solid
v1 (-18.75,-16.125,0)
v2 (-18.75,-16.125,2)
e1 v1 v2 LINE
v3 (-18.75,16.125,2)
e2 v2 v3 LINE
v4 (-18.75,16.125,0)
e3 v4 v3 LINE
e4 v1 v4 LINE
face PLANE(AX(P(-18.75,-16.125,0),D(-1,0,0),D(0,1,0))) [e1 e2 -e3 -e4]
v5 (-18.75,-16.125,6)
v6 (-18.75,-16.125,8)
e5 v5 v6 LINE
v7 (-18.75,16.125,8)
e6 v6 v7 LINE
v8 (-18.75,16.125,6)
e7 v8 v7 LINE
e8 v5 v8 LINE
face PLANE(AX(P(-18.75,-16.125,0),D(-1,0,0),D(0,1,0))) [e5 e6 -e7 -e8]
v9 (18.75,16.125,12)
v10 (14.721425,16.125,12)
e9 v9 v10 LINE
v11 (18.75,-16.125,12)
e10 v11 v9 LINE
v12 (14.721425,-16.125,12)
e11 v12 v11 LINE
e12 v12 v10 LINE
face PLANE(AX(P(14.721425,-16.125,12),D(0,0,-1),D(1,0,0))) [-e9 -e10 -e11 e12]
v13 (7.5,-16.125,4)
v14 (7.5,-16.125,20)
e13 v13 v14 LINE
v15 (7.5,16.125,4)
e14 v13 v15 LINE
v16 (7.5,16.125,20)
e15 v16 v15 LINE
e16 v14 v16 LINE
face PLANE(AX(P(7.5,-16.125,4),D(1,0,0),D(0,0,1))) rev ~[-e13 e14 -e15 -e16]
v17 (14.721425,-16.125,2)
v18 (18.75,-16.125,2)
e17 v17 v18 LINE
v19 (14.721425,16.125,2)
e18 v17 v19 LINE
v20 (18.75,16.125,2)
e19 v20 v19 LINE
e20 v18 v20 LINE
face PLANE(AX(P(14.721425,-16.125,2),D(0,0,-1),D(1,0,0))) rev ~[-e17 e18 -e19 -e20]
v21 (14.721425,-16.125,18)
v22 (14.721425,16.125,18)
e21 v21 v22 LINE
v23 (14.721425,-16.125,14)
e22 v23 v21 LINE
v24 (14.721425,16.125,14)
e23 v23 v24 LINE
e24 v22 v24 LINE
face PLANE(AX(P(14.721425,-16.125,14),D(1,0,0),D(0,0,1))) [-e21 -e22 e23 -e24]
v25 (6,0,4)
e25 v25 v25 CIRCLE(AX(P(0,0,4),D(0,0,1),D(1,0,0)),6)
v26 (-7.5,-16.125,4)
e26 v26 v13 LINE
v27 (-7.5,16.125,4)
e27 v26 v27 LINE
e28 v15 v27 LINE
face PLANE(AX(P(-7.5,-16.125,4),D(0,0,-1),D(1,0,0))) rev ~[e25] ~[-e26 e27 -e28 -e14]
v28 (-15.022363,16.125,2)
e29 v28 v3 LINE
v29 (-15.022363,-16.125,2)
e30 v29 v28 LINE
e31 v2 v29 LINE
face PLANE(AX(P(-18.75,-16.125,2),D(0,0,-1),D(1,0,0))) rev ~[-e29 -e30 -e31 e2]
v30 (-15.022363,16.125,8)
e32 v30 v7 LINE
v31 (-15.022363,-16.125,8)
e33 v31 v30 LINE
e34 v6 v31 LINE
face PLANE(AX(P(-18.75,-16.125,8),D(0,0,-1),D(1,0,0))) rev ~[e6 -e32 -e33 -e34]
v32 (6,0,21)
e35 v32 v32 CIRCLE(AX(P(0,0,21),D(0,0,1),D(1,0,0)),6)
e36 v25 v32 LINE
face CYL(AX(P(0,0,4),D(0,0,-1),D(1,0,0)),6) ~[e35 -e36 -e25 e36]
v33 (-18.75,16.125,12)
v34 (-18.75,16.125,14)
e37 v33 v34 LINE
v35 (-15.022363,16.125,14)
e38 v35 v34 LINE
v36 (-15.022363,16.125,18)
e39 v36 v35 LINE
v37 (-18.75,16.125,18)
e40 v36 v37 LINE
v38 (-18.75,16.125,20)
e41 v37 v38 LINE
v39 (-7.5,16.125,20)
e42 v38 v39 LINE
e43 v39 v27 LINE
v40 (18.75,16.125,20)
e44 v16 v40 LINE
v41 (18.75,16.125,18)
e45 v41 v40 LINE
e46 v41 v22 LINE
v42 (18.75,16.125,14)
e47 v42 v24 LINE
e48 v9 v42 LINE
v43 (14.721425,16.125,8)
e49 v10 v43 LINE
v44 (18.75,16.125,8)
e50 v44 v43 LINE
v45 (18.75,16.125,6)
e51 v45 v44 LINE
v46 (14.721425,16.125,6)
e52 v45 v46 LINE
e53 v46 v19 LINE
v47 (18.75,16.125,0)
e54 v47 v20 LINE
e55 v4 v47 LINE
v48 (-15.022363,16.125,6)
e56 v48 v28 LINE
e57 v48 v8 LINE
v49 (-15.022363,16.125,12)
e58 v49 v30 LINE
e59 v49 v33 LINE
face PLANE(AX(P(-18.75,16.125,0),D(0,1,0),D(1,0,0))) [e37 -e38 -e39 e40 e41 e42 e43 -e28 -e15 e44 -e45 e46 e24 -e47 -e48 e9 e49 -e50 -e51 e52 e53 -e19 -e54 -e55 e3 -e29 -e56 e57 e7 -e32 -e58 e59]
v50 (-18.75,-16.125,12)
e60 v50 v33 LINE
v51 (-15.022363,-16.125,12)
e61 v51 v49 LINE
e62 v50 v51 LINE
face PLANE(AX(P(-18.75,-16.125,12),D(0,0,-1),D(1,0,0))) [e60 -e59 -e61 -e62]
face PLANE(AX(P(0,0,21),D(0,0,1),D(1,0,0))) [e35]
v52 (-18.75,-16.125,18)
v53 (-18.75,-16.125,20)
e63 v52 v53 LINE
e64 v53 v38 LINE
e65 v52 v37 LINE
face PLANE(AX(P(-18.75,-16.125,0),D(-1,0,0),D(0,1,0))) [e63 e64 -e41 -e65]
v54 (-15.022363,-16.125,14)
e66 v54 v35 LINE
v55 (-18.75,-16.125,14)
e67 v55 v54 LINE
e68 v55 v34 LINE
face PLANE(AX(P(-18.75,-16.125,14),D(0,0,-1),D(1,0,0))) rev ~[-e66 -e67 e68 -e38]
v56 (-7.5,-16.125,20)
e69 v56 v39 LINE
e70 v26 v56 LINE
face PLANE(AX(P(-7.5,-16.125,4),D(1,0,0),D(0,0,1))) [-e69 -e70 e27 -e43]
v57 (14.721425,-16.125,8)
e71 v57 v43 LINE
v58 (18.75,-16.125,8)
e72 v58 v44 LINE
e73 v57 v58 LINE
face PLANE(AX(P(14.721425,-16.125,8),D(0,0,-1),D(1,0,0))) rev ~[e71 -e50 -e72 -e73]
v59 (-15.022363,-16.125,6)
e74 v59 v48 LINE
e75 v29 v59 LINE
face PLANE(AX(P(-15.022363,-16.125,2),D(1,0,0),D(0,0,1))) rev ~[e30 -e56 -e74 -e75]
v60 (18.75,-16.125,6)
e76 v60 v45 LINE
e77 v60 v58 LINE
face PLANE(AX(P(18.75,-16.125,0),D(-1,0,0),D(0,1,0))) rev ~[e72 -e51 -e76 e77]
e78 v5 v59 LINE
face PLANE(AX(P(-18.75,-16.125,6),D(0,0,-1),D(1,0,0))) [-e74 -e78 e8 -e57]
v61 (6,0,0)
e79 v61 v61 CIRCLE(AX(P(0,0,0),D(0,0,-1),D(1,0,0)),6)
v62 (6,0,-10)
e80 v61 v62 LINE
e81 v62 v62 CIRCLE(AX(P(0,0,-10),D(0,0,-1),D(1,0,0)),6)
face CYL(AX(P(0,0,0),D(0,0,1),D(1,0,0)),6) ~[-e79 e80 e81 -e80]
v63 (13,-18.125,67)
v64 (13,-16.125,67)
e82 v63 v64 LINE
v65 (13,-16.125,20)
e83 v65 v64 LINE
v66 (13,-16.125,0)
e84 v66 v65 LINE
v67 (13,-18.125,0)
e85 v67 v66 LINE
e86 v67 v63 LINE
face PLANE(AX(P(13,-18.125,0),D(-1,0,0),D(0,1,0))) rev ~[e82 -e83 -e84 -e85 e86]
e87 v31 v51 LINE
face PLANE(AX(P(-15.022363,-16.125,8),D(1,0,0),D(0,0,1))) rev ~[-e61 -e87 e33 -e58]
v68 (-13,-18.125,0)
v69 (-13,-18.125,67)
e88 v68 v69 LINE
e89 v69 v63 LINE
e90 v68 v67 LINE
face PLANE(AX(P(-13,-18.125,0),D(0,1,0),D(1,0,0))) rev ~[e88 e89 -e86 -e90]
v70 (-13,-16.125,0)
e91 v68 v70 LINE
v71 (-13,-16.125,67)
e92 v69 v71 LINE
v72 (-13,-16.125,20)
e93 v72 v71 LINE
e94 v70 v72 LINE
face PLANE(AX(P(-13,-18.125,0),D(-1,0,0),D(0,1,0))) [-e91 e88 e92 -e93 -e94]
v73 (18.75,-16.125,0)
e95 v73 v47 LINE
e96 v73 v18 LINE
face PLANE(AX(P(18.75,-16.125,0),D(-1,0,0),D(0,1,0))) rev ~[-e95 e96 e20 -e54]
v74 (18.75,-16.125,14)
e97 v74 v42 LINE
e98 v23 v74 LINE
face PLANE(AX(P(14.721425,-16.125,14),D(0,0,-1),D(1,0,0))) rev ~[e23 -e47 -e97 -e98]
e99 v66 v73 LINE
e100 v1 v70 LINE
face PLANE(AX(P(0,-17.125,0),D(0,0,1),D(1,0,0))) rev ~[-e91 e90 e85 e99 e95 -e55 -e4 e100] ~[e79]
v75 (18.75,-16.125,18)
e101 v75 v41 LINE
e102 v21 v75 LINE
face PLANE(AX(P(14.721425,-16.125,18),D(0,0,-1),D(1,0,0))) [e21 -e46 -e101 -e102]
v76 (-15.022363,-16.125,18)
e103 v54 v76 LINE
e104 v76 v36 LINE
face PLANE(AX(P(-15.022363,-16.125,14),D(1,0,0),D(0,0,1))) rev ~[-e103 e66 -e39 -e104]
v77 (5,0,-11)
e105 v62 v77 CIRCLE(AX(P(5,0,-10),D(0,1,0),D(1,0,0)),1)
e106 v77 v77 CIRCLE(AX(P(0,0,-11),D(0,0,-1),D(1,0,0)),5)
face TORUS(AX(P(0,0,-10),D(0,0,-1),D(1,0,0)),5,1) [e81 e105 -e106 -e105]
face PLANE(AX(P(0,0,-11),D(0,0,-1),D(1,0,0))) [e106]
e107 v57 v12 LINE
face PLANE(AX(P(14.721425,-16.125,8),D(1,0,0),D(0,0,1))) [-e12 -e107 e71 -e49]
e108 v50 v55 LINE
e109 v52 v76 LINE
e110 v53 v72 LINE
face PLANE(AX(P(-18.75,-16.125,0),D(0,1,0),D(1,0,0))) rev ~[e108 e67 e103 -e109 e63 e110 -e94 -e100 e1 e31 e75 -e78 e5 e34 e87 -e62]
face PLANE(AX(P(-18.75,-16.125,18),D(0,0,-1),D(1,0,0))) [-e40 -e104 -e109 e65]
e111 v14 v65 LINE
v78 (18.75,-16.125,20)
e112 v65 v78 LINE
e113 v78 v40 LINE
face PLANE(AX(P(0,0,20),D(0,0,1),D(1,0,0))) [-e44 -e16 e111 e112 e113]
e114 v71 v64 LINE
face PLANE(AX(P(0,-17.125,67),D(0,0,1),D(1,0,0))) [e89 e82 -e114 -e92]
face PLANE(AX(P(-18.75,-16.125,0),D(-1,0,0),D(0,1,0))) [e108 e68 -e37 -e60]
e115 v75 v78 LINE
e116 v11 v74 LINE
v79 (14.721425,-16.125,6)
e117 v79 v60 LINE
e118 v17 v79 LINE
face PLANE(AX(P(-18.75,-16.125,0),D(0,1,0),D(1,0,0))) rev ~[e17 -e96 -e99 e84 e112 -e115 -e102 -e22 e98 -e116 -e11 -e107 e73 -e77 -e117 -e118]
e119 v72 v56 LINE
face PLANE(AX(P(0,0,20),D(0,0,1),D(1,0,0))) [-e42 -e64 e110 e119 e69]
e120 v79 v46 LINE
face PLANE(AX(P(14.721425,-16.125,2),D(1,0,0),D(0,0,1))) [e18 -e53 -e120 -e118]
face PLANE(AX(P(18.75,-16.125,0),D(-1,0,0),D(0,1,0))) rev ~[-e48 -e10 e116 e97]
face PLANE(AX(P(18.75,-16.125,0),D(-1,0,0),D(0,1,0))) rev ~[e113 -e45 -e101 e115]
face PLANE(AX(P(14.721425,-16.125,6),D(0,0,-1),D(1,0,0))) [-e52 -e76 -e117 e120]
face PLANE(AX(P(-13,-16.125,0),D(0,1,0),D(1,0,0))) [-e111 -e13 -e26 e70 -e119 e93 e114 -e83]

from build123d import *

# Parameters (mm, degrees)
F0_W      = 37.5
F0_H      = 32.25
F1_DEPTH  = 20
F2_R      = 6
F3_DEPTH  = 11
F4_W      = 15
F4_H      = 16
F4_W_2    = 3.7276374176
F4_H_2    = 4
F4_W_3    = 4.0285747498
F5_DEPTH  = 32.251
F6_R      = 1
F7_R      = 6
F8_DEPTH  = 17
F9_W      = 26
F9_H      = 2
F10_DEPTH = 67


with BuildPart() as f1:
    # F0 (on Top) → F1 (new body)
    with BuildSketch(Plane.XY):
        Rectangle(F0_W, F0_H)
    extrude(amount=F1_DEPTH)

    # F2 (on face) → F3 (join)
    with BuildSketch(Plane(origin=(0, 0, 0), x_dir=(1, 0, 0), z_dir=(0, 0, -1))):
        Circle(F2_R)
    extrude(amount=F3_DEPTH)

    # F4 (on face) → F5 (cut, through all)
    with BuildSketch(Plane.XZ.offset(16.125)):
        with Locations((0, 12)):
            Rectangle(F4_W, F4_H)
        with Locations((-16.8861812912, 16)):
            Rectangle(F4_W_2, F4_H_2)
        with Locations((-16.8861812912, 4)):
            Rectangle(F4_W_2, F4_H_2)
        with Locations((16.7357126251, 16)):
            Rectangle(F4_W_3, F4_H_2)
        with Locations((16.7357126251, 10)):
            Rectangle(F4_W_3, F4_H_2)
        with Locations((16.7357126251, 4)):
            Rectangle(F4_W_3, F4_H_2)
        with Locations((-16.8861812912, 10)):
            Rectangle(F4_W_2, F4_H_2)
    extrude(amount=-F5_DEPTH, mode=Mode.SUBTRACT)

    # F6
    f6_edges = [f1.edges().sort_by_distance(p)[0] for p in [
        (-6, 0, -11),
    ]]
    fillet(f6_edges, radius=F6_R)

    # F7 (on face) → F8 (join)
    with BuildSketch(Plane.XY.offset(4)):
        Circle(F7_R)
    extrude(amount=F8_DEPTH)

    # F9 (on Top) → F10 (join)
    with BuildSketch(Plane.XY):
        with Locations((0, -17.125)):
            Rectangle(F9_W, F9_H)
    extrude(amount=F10_DEPTH)


solid = f1.part
